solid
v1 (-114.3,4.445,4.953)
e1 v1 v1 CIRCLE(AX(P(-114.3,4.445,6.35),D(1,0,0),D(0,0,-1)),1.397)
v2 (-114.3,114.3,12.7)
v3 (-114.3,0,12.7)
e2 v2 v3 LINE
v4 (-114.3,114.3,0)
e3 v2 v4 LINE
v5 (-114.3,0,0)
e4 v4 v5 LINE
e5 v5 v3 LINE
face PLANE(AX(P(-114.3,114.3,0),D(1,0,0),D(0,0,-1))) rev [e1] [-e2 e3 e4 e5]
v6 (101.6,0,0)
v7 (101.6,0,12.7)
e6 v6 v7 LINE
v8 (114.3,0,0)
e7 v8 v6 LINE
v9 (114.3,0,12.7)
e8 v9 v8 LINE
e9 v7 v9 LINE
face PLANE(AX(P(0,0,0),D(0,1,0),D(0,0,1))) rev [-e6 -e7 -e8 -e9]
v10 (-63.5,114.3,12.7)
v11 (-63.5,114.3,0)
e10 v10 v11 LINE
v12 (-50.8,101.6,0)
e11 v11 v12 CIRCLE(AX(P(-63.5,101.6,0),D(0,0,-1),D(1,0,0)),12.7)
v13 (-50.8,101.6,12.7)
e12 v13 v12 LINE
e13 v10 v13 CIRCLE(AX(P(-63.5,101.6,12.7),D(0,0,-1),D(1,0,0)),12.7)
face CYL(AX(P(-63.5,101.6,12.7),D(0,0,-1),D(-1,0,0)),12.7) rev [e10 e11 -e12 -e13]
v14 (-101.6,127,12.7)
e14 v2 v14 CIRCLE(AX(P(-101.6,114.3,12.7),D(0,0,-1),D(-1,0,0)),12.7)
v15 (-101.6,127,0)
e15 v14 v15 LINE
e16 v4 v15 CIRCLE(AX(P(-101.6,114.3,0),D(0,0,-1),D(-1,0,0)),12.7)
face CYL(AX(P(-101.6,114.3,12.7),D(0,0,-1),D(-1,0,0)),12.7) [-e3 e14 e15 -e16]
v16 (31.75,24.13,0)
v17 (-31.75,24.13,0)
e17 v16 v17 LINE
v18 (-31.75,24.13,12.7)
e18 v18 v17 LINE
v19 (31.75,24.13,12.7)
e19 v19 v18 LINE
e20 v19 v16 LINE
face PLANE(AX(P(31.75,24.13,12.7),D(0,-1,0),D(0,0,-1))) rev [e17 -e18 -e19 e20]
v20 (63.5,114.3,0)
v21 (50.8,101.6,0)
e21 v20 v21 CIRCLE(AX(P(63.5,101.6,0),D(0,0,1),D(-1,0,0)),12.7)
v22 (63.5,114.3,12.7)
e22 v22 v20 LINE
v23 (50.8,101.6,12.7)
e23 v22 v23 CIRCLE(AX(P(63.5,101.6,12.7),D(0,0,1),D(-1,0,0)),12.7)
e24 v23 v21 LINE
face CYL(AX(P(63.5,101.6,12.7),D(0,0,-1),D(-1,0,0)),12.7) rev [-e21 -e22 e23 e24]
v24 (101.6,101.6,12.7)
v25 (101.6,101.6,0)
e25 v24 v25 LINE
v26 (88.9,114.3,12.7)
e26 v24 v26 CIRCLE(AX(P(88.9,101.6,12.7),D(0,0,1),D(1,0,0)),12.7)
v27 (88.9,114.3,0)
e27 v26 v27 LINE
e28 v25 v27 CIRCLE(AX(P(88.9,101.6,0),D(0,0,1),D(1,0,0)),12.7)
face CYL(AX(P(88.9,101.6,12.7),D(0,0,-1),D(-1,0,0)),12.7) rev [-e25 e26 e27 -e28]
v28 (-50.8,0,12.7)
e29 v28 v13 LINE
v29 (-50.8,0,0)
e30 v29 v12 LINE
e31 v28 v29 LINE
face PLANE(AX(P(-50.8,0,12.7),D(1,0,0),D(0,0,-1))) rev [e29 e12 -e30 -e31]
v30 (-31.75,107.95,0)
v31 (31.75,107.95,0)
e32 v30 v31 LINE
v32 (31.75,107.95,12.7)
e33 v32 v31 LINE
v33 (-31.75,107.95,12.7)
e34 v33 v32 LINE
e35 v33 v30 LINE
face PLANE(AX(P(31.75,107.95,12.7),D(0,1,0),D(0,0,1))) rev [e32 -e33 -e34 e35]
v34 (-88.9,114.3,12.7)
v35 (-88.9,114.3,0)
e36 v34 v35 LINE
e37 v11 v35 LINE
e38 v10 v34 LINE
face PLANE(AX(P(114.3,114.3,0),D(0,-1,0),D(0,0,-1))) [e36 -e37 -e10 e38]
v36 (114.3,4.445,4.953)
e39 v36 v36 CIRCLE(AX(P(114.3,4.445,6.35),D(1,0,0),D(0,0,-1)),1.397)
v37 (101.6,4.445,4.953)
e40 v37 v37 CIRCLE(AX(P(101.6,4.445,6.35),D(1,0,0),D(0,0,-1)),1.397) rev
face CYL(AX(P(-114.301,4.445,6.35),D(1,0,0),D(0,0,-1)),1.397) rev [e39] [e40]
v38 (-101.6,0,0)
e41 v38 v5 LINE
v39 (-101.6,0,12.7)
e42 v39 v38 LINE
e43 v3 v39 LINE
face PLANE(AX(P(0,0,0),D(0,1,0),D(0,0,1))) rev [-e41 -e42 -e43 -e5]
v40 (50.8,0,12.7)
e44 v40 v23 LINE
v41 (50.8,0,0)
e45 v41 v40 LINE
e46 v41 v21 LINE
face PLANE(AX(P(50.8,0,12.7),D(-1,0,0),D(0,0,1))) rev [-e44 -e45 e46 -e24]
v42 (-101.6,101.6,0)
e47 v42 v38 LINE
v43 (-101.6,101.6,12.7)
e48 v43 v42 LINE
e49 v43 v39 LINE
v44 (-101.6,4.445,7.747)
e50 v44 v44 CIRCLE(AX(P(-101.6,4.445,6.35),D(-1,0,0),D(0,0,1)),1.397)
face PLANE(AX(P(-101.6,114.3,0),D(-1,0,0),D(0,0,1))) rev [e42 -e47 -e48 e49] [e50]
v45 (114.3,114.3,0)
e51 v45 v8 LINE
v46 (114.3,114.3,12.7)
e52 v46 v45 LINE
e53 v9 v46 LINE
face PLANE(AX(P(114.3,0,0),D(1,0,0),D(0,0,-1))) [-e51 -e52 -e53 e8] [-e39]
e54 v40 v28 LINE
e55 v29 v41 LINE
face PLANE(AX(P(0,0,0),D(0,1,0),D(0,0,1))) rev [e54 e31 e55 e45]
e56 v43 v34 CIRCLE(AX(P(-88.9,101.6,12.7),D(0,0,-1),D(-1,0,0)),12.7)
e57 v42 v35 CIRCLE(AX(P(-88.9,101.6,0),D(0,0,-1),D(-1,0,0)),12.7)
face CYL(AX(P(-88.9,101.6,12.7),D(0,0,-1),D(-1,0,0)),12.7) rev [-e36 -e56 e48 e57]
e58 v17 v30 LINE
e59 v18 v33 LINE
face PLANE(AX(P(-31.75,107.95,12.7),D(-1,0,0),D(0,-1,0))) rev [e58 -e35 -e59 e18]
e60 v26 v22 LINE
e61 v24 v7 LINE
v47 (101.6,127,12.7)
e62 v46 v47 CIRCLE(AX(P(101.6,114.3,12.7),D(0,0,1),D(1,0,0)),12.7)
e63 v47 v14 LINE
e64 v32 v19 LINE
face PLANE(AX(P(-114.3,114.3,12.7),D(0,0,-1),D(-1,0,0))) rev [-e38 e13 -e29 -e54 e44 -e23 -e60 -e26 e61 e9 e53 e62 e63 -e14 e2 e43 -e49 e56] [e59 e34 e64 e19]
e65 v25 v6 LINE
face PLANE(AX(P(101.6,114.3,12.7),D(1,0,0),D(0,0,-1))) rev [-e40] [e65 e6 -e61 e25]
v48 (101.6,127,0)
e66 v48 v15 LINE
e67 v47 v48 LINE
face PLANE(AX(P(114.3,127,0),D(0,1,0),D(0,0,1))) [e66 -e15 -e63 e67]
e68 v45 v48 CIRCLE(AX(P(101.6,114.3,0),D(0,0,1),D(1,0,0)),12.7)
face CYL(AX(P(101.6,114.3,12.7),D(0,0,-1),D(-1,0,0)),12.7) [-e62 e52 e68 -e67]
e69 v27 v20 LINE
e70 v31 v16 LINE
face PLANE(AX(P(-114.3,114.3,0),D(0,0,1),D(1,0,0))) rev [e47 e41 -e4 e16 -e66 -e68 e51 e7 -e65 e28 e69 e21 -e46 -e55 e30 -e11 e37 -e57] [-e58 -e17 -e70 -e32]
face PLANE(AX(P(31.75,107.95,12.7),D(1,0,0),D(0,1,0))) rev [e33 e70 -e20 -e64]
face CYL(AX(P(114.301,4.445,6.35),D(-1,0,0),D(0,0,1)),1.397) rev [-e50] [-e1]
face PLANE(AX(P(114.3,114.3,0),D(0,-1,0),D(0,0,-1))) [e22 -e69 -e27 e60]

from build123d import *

# Parameters (mm, degrees)
SKETCH1_W             = 12.7
SKETCH1_H             = 12.7
BOSS_EXTRUDE1_DEPTH   = 114.3
BOSS_EXTRUDE1_2_DEPTH = 114.3
SKETCH2_W             = 12.7
SKETCH2_H             = 12.7
BOSS_EXTRUDE2_DEPTH   = 228.6
SKETCH3_W             = 101.6
SKETCH3_H             = 12.7
BOSS_EXTRUDE3_DEPTH   = 114.3
SKETCH4_R             = 1.397
CUT_EXTRUDE1_DEPTH    = 12.7
BOSS_EXTRUDE4_DEPTH   = 12.7
CUT_EXTRUDE2_DEPTH    = 12.7
SKETCH7_W             = 63.5
SKETCH7_H             = 83.82
CUT_EXTRUDE3_DEPTH    = 12.7


with BuildPart() as part:
    # Sketch1 → Boss-Extrude1 (new body)
    with BuildSketch(Plane(origin=(0, 0, 0), x_dir=(1, 0, 0), z_dir=(0, 1, 0))):
        with Locations((-107.95, -6.35)):
            Rectangle(SKETCH1_W, SKETCH1_H)
    extrude(amount=BOSS_EXTRUDE1_DEPTH)



with BuildPart() as body_2:
    # Sketch1 → Boss-Extrude1 2 (new body)
    with BuildSketch(Plane(origin=(0, 0, 0), x_dir=(1, 0, 0), z_dir=(0, 1, 0))):
        with Locations((107.95, -6.35)):
            Rectangle(SKETCH1_W, SKETCH1_H)
    extrude(amount=BOSS_EXTRUDE1_2_DEPTH)


with BuildPart() as part_1:
    add(part.part)

    add(body_2.part)  # Boss-Extrude2 merges body 2
    # Sketch2 → Boss-Extrude2 (add)
    with BuildSketch(Plane.ZY.offset(114.3)):
        with Locations((6.35, 120.65)):
            Rectangle(SKETCH2_W, SKETCH2_H)
    extrude(amount=-BOSS_EXTRUDE2_DEPTH)

    # Sketch3 → Boss-Extrude3 (add)
    with BuildSketch(Plane.XZ.offset(-114.3)):
        with Locations((0, 6.35)):
            Rectangle(SKETCH3_W, SKETCH3_H)
    extrude(amount=BOSS_EXTRUDE3_DEPTH)

    # Sketch4 → Cut-Extrude1 (cut)
    with BuildSketch(Plane(origin=(114.3, 0, 0), x_dir=(0, 0, -1), z_dir=(1, 0, 0))):
        with Locations((-6.35, 4.445)):
            Circle(SKETCH4_R)
    cut_extrude1 = extrude(amount=-CUT_EXTRUDE1_DEPTH, mode=Mode.SUBTRACT)

    # Mirror1: Cut-Extrude1 across plane
    add(cut_extrude1.mirror(Plane(origin=(0, 0, 0), x_dir=(0, 0, 1), z_dir=(1, 0, 0))), mode=Mode.SUBTRACT)

    # Sketch5 → Boss-Extrude4 (add)
    with BuildSketch(Plane(origin=(0, 0, 0), x_dir=(-1, 0, 0), z_dir=(0, 0, -1))):
        with BuildLine():
            Line((-101.6, 114.3), (-101.6, 101.6))
            ThreePointArc((-101.6, 101.6), (-97.880256121, 110.580256121), (-88.9, 114.3))
            Line((-88.9, 114.3), (-101.6, 114.3))
        make_face()
        with BuildLine():
            Line((-50.8, 114.3), (-63.5, 114.3))
            ThreePointArc((-63.5, 114.3), (-54.519743879, 110.580256121), (-50.8, 101.6))
            Line((-50.8, 101.6), (-50.8, 114.3))
        make_face()
    boss_extrude4 = extrude(amount=-BOSS_EXTRUDE4_DEPTH)

    # Mirror2: Boss-Extrude4 across plane
    add(boss_extrude4.mirror(Plane(origin=(0, 0, 0), x_dir=(0, 0, 1), z_dir=(1, 0, 0))))

    # Sketch6 → Cut-Extrude2 (cut)
    with BuildSketch(Plane(origin=(0, 0, 0), x_dir=(-1, 0, 0), z_dir=(0, 0, -1))):
        with BuildLine():
            Line((-114.3, 127), (-114.3, 114.3))
            ThreePointArc((-114.3, 114.3), (-110.580256121, 123.280256121), (-101.6, 127))
            Line((-101.6, 127), (-114.3, 127))
        make_face()
    cut_extrude2 = extrude(amount=-CUT_EXTRUDE2_DEPTH, mode=Mode.SUBTRACT)

    # Mirror3: Cut-Extrude2 across plane
    add(cut_extrude2.mirror(Plane(origin=(0, 0, 0), x_dir=(0, 0, 1), z_dir=(1, 0, 0))), mode=Mode.SUBTRACT)

    # Sketch7 → Cut-Extrude3 (cut)
    with BuildSketch(Plane(origin=(0, 0, 0), x_dir=(-1, 0, 0), z_dir=(0, 0, -1))):
        with Locations((0, 66.04)):
            Rectangle(SKETCH7_W, SKETCH7_H)
    extrude(amount=-CUT_EXTRUDE3_DEPTH, mode=Mode.SUBTRACT)


solid = part_1.part
